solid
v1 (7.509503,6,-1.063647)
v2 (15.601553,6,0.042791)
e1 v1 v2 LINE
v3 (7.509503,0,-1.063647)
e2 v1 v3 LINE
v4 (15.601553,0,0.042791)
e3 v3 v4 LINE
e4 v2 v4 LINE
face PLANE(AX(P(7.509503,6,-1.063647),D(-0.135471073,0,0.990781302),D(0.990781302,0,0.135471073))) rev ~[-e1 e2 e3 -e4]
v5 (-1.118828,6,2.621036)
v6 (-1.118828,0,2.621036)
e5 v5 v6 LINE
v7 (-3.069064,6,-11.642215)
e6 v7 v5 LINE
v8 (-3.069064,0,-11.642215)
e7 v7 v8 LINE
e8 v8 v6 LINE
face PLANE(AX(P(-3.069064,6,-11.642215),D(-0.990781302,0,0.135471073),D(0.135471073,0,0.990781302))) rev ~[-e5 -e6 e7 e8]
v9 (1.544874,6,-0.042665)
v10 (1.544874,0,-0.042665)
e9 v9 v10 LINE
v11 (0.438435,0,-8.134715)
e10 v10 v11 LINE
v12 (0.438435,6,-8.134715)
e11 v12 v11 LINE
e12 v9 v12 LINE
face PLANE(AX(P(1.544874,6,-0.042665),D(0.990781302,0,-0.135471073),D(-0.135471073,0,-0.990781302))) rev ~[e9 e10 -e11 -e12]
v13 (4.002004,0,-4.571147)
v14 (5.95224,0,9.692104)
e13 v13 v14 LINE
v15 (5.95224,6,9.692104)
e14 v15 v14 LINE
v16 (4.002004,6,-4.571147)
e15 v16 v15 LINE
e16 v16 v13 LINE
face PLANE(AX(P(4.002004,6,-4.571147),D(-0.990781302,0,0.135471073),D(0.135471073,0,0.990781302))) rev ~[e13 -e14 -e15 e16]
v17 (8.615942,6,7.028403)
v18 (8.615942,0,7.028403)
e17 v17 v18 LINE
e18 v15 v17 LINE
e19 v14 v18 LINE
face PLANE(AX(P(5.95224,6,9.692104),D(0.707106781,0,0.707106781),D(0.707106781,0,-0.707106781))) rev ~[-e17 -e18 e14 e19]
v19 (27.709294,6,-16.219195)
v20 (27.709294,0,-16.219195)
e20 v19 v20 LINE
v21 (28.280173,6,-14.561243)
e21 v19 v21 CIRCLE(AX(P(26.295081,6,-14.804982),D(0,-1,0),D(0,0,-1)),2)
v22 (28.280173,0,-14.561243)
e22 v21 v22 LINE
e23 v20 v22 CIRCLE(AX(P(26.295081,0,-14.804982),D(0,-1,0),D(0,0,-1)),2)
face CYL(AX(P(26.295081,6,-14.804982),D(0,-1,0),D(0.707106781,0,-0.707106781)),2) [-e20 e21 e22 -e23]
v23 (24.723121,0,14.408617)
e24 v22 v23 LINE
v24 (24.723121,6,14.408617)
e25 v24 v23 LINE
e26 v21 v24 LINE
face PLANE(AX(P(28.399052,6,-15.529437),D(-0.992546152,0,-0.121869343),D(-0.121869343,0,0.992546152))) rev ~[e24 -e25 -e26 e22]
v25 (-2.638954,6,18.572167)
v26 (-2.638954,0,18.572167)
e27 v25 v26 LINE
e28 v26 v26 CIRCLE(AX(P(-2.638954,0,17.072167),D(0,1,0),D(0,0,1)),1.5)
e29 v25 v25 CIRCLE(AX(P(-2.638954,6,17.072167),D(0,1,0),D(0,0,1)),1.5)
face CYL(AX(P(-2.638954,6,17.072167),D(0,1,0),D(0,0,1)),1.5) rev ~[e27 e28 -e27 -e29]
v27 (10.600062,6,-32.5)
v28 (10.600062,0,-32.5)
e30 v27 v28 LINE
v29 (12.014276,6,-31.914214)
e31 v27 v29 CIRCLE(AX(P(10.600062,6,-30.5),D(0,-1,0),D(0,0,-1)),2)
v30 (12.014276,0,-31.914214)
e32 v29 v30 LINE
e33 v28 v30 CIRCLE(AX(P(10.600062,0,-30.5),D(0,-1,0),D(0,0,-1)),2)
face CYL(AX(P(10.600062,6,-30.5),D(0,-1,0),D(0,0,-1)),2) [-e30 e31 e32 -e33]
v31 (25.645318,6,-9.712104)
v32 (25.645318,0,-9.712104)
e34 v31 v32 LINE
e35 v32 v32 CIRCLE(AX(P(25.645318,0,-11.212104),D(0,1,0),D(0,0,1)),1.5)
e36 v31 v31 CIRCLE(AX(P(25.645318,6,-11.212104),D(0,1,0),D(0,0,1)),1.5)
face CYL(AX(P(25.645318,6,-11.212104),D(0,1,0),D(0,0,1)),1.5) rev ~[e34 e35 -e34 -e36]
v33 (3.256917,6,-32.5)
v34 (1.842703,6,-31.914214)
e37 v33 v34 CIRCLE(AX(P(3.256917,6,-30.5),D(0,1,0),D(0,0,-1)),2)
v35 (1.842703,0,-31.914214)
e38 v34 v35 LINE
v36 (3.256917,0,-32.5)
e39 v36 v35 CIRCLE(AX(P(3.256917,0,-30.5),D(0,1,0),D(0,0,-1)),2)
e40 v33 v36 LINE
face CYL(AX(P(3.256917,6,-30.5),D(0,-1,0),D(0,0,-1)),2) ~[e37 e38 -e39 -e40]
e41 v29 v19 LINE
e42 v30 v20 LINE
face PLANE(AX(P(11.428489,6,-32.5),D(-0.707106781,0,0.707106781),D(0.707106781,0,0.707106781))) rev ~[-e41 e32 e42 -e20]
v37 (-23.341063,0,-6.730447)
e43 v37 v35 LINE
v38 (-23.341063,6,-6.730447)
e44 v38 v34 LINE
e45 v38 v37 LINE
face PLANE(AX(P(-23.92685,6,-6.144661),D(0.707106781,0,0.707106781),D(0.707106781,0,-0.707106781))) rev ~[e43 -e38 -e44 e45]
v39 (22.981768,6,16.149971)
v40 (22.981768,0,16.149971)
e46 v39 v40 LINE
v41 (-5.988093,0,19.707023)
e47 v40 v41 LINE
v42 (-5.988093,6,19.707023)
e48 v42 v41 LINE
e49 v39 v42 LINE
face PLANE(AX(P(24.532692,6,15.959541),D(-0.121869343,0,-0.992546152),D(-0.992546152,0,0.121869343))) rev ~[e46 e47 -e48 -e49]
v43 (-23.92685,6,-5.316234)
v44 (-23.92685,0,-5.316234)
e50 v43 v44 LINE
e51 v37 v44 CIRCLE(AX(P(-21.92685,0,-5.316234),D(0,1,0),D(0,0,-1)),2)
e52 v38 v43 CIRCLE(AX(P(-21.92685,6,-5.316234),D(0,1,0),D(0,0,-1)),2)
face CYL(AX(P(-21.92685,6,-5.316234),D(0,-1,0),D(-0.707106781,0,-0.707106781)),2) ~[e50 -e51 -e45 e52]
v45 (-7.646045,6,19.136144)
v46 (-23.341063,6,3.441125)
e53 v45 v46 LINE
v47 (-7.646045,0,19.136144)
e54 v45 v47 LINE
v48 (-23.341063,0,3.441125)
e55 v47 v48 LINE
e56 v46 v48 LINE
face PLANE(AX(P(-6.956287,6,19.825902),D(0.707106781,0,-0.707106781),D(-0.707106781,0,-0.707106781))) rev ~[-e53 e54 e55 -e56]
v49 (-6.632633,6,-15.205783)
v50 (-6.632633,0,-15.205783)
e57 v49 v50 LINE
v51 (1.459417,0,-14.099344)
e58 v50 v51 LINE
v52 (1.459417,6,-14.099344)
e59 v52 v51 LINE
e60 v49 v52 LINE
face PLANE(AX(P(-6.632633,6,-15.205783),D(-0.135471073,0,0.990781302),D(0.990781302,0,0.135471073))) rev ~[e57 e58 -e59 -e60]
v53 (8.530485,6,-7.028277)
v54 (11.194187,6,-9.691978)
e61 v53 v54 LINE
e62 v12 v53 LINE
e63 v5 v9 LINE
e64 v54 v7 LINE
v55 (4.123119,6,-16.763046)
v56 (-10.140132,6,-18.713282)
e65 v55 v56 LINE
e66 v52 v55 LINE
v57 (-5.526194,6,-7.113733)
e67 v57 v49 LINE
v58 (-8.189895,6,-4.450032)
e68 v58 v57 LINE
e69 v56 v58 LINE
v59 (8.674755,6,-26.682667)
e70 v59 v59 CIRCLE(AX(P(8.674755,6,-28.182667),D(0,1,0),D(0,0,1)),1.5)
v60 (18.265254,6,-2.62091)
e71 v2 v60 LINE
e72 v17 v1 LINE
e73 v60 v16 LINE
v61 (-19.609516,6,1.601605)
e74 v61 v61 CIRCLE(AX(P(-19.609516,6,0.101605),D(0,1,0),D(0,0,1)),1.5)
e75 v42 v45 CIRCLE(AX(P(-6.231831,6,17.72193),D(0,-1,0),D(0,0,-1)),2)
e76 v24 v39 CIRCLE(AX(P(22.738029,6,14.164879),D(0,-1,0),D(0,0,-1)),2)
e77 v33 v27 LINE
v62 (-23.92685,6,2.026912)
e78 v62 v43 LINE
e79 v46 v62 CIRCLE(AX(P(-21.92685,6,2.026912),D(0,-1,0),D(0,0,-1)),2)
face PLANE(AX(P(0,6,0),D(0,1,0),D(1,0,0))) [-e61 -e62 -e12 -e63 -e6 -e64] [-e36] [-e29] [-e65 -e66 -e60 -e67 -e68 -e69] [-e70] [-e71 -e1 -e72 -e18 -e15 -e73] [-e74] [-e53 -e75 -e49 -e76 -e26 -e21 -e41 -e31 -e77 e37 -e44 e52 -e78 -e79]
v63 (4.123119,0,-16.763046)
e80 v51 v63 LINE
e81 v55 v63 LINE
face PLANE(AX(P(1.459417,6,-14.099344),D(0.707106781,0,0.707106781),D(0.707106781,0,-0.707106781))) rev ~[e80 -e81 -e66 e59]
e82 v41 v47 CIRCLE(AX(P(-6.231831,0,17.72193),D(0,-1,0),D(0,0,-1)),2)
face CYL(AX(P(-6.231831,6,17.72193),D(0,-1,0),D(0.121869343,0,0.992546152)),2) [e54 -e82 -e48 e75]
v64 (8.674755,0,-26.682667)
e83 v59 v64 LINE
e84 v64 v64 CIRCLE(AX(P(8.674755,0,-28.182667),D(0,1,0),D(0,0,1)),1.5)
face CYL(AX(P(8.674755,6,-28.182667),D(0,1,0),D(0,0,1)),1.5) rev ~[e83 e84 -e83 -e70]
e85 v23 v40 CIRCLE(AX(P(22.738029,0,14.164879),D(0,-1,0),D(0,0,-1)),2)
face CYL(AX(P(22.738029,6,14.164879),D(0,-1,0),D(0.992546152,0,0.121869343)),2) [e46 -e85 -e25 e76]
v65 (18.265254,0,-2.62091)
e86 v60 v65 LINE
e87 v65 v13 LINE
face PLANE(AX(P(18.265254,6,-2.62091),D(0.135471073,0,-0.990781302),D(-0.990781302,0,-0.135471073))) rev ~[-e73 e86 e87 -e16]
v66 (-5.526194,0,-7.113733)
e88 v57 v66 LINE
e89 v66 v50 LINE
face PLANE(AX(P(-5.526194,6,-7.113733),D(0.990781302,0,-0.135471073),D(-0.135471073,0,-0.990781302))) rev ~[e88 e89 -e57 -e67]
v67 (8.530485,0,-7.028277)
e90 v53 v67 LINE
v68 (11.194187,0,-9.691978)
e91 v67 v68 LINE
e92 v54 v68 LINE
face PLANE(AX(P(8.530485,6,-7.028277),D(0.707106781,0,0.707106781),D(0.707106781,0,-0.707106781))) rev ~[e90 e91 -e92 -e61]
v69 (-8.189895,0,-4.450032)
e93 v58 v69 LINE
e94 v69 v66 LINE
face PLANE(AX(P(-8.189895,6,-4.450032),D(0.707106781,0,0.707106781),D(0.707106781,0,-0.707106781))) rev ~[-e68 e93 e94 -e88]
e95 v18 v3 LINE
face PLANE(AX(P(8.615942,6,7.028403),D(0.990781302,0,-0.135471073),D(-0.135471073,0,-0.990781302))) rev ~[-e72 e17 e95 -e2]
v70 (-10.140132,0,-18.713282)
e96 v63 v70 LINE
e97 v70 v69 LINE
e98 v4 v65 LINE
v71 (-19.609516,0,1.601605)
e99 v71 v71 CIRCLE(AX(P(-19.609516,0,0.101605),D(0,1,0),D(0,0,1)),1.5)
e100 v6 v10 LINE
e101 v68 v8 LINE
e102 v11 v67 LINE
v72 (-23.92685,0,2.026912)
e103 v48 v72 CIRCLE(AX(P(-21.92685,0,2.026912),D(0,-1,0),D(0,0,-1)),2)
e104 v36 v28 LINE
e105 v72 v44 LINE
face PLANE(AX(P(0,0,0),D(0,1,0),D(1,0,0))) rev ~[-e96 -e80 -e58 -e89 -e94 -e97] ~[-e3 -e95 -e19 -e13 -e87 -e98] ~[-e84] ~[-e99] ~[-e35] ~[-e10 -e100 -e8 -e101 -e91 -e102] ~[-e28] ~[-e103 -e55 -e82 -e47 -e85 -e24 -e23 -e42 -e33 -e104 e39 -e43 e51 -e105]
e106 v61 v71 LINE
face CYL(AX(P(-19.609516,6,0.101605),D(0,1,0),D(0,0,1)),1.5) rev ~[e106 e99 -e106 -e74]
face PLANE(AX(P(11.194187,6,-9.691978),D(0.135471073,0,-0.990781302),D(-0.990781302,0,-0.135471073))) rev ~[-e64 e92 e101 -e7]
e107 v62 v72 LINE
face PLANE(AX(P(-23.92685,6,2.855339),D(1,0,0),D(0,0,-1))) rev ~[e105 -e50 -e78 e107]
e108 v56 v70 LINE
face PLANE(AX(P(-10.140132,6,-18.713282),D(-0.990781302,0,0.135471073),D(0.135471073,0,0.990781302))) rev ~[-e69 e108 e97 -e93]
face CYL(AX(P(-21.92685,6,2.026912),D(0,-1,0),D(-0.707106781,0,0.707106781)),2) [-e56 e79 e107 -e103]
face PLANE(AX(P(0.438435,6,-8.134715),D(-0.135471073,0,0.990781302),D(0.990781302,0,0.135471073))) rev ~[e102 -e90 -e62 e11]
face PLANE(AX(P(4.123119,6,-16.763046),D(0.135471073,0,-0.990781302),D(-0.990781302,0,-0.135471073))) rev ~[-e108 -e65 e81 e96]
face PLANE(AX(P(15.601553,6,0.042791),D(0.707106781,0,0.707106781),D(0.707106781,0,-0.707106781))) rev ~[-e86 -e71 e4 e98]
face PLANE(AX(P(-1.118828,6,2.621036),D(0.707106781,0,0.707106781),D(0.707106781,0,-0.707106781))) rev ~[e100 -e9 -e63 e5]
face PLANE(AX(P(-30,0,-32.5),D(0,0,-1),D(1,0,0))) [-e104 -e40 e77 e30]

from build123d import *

# Parameters (mm, degrees)
SKETCH_1_W          = 60
SKETCH_1_H          = 65
EXTRUDE_1_DEPTH     = 6
SKETCH_4_R          = 1.5
CUT_EXTRUDE_1_DEPTH = 8
CUT_EXTRUDE_2_DEPTH = 8
SKETCH_7_R          = 1.5
CUT_EXTRUDE_3_DEPTH = 8
SKETCH_8_R          = 1.5
CUT_EXTRUDE_4_DEPTH = 10
FILLET_1_R          = 2


with BuildPart() as part:
    # 草图1 → 凸台-拉伸1 (new body)
    with BuildSketch(Plane(origin=(0, 0, 0), x_dir=(1, 0, 0), z_dir=(0, 1, 0))):
        Rectangle(SKETCH_1_W, SKETCH_1_H)
    extrude(amount=EXTRUDE_1_DEPTH)

    # 草图4 → 切除-拉伸1 (cut)
    with BuildSketch(Plane(origin=(0, 6, 0), x_dir=(1, 0, 0), z_dir=(0, 1, 0))):
        with Locations(Location((-19.60951637, -0.101604527, 0), (0, 0, 270))):
            Circle(SKETCH_4_R)
        with Locations(Location((8.674754878, 28.18266672, 0), (0, 0, 270))):
            Circle(SKETCH_4_R)
        with Locations(Location((-2.638953621, -17.072167276, 0), (0, 0, 270))):
            Circle(SKETCH_4_R)
        with Locations(Location((25.645317626, 11.212103971, 0), (0, 0, 270))):
            Circle(SKETCH_4_R)
    extrude(amount=-CUT_EXTRUDE_1_DEPTH, mode=Mode.SUBTRACT)

    # 草图5 → 切除-拉伸2 (cut)
    with BuildSketch(Plane(origin=(0, 6, 0), x_dir=(1, 0, 0), z_dir=(0, 1, 0))):
        Polygon((-10.140132024, 18.713282374), (-8.189895494, 4.450031542), (-5.526194118, 7.113732918), (-6.63263276, 15.205783111), (1.459417432, 14.099344468), (4.123118808, 16.763045844), align=None)
        Polygon((11.19418662, 9.691978032), (-3.069064212, 11.642214563), (-1.118827682, -2.621036269), (1.544873694, 0.042665106), (0.438435051, 8.134715299), (8.530485244, 7.028276656), align=None)
        Polygon((18.265254432, 2.62091022), (4.0020036, 4.571146751), (5.95224013, -9.692104081), (8.615941506, -7.028402705), (7.509502863, 1.063647487), (15.601553056, -0.042791156), align=None)
    extrude(amount=-CUT_EXTRUDE_2_DEPTH, mode=Mode.SUBTRACT)

    # 草图7 → 切除-拉伸3 (cut)
    with BuildSketch(Plane(origin=(0, 6, 0), x_dir=(1, 0, 0), z_dir=(0, 1, 0))):
        with Locations(Location((-21, -24.5, 0), (0, 0, 270))):
            Circle(SKETCH_7_R)
        with Locations(Location((-21, -16.5, 0), (0, 0, 270))):
            Circle(SKETCH_7_R)
        with Locations(Location((-21, 24.5, 0), (0, 0, 270))):
            Circle(SKETCH_7_R)
        with Locations(Location((-21, 16.5, 0), (0, 0, 270))):
            Circle(SKETCH_7_R)
    extrude(amount=-CUT_EXTRUDE_3_DEPTH, mode=Mode.SUBTRACT)

    # 草图8 → 切除-拉伸4 (cut)
    with BuildSketch(Plane(origin=(0, 6, 0), x_dir=(1, 0, 0), z_dir=(0, 1, 0))):
        Polygon((30, 32.5), (11.42848941, 32.5), (28.399052158, 15.529437252), (24.532691742, -15.959541392), (-6.956286901, -19.825901808), (-23.92684965, -2.855339059), (-23.92684965, 6.144660941), (2.42848941, 32.5), (-30, 32.5), (-30, -32.5), (30, -32.5), align=None)
        with Locations((-21, -24.5)):
            Circle(SKETCH_8_R, mode=Mode.SUBTRACT)
        with Locations((-21, -16.5)):
            Circle(SKETCH_8_R, mode=Mode.SUBTRACT)
        with Locations((-21, 16.5)):
            Circle(SKETCH_8_R, mode=Mode.SUBTRACT)
        with Locations((-21, 24.5)):
            Circle(SKETCH_8_R, mode=Mode.SUBTRACT)
    extrude(amount=-CUT_EXTRUDE_4_DEPTH, mode=Mode.SUBTRACT)

    # 圆角1
    fillet_1_edges = [part.edges().sort_by_distance(p)[0] for p in [
        (2.42848941, 3, -32.5),
        (-23.92684965, 3, -6.144660941),
        (-23.92684965, 3, 2.855339059),
        (-6.956286901, 3, 19.825901808),
        (24.532691742, 3, 15.959541392),
        (28.399052158, 3, -15.529437252),
        (11.42848941, 3, -32.5),
    ]]
    fillet(fillet_1_edges, radius=FILLET_1_R)


solid = part.part
